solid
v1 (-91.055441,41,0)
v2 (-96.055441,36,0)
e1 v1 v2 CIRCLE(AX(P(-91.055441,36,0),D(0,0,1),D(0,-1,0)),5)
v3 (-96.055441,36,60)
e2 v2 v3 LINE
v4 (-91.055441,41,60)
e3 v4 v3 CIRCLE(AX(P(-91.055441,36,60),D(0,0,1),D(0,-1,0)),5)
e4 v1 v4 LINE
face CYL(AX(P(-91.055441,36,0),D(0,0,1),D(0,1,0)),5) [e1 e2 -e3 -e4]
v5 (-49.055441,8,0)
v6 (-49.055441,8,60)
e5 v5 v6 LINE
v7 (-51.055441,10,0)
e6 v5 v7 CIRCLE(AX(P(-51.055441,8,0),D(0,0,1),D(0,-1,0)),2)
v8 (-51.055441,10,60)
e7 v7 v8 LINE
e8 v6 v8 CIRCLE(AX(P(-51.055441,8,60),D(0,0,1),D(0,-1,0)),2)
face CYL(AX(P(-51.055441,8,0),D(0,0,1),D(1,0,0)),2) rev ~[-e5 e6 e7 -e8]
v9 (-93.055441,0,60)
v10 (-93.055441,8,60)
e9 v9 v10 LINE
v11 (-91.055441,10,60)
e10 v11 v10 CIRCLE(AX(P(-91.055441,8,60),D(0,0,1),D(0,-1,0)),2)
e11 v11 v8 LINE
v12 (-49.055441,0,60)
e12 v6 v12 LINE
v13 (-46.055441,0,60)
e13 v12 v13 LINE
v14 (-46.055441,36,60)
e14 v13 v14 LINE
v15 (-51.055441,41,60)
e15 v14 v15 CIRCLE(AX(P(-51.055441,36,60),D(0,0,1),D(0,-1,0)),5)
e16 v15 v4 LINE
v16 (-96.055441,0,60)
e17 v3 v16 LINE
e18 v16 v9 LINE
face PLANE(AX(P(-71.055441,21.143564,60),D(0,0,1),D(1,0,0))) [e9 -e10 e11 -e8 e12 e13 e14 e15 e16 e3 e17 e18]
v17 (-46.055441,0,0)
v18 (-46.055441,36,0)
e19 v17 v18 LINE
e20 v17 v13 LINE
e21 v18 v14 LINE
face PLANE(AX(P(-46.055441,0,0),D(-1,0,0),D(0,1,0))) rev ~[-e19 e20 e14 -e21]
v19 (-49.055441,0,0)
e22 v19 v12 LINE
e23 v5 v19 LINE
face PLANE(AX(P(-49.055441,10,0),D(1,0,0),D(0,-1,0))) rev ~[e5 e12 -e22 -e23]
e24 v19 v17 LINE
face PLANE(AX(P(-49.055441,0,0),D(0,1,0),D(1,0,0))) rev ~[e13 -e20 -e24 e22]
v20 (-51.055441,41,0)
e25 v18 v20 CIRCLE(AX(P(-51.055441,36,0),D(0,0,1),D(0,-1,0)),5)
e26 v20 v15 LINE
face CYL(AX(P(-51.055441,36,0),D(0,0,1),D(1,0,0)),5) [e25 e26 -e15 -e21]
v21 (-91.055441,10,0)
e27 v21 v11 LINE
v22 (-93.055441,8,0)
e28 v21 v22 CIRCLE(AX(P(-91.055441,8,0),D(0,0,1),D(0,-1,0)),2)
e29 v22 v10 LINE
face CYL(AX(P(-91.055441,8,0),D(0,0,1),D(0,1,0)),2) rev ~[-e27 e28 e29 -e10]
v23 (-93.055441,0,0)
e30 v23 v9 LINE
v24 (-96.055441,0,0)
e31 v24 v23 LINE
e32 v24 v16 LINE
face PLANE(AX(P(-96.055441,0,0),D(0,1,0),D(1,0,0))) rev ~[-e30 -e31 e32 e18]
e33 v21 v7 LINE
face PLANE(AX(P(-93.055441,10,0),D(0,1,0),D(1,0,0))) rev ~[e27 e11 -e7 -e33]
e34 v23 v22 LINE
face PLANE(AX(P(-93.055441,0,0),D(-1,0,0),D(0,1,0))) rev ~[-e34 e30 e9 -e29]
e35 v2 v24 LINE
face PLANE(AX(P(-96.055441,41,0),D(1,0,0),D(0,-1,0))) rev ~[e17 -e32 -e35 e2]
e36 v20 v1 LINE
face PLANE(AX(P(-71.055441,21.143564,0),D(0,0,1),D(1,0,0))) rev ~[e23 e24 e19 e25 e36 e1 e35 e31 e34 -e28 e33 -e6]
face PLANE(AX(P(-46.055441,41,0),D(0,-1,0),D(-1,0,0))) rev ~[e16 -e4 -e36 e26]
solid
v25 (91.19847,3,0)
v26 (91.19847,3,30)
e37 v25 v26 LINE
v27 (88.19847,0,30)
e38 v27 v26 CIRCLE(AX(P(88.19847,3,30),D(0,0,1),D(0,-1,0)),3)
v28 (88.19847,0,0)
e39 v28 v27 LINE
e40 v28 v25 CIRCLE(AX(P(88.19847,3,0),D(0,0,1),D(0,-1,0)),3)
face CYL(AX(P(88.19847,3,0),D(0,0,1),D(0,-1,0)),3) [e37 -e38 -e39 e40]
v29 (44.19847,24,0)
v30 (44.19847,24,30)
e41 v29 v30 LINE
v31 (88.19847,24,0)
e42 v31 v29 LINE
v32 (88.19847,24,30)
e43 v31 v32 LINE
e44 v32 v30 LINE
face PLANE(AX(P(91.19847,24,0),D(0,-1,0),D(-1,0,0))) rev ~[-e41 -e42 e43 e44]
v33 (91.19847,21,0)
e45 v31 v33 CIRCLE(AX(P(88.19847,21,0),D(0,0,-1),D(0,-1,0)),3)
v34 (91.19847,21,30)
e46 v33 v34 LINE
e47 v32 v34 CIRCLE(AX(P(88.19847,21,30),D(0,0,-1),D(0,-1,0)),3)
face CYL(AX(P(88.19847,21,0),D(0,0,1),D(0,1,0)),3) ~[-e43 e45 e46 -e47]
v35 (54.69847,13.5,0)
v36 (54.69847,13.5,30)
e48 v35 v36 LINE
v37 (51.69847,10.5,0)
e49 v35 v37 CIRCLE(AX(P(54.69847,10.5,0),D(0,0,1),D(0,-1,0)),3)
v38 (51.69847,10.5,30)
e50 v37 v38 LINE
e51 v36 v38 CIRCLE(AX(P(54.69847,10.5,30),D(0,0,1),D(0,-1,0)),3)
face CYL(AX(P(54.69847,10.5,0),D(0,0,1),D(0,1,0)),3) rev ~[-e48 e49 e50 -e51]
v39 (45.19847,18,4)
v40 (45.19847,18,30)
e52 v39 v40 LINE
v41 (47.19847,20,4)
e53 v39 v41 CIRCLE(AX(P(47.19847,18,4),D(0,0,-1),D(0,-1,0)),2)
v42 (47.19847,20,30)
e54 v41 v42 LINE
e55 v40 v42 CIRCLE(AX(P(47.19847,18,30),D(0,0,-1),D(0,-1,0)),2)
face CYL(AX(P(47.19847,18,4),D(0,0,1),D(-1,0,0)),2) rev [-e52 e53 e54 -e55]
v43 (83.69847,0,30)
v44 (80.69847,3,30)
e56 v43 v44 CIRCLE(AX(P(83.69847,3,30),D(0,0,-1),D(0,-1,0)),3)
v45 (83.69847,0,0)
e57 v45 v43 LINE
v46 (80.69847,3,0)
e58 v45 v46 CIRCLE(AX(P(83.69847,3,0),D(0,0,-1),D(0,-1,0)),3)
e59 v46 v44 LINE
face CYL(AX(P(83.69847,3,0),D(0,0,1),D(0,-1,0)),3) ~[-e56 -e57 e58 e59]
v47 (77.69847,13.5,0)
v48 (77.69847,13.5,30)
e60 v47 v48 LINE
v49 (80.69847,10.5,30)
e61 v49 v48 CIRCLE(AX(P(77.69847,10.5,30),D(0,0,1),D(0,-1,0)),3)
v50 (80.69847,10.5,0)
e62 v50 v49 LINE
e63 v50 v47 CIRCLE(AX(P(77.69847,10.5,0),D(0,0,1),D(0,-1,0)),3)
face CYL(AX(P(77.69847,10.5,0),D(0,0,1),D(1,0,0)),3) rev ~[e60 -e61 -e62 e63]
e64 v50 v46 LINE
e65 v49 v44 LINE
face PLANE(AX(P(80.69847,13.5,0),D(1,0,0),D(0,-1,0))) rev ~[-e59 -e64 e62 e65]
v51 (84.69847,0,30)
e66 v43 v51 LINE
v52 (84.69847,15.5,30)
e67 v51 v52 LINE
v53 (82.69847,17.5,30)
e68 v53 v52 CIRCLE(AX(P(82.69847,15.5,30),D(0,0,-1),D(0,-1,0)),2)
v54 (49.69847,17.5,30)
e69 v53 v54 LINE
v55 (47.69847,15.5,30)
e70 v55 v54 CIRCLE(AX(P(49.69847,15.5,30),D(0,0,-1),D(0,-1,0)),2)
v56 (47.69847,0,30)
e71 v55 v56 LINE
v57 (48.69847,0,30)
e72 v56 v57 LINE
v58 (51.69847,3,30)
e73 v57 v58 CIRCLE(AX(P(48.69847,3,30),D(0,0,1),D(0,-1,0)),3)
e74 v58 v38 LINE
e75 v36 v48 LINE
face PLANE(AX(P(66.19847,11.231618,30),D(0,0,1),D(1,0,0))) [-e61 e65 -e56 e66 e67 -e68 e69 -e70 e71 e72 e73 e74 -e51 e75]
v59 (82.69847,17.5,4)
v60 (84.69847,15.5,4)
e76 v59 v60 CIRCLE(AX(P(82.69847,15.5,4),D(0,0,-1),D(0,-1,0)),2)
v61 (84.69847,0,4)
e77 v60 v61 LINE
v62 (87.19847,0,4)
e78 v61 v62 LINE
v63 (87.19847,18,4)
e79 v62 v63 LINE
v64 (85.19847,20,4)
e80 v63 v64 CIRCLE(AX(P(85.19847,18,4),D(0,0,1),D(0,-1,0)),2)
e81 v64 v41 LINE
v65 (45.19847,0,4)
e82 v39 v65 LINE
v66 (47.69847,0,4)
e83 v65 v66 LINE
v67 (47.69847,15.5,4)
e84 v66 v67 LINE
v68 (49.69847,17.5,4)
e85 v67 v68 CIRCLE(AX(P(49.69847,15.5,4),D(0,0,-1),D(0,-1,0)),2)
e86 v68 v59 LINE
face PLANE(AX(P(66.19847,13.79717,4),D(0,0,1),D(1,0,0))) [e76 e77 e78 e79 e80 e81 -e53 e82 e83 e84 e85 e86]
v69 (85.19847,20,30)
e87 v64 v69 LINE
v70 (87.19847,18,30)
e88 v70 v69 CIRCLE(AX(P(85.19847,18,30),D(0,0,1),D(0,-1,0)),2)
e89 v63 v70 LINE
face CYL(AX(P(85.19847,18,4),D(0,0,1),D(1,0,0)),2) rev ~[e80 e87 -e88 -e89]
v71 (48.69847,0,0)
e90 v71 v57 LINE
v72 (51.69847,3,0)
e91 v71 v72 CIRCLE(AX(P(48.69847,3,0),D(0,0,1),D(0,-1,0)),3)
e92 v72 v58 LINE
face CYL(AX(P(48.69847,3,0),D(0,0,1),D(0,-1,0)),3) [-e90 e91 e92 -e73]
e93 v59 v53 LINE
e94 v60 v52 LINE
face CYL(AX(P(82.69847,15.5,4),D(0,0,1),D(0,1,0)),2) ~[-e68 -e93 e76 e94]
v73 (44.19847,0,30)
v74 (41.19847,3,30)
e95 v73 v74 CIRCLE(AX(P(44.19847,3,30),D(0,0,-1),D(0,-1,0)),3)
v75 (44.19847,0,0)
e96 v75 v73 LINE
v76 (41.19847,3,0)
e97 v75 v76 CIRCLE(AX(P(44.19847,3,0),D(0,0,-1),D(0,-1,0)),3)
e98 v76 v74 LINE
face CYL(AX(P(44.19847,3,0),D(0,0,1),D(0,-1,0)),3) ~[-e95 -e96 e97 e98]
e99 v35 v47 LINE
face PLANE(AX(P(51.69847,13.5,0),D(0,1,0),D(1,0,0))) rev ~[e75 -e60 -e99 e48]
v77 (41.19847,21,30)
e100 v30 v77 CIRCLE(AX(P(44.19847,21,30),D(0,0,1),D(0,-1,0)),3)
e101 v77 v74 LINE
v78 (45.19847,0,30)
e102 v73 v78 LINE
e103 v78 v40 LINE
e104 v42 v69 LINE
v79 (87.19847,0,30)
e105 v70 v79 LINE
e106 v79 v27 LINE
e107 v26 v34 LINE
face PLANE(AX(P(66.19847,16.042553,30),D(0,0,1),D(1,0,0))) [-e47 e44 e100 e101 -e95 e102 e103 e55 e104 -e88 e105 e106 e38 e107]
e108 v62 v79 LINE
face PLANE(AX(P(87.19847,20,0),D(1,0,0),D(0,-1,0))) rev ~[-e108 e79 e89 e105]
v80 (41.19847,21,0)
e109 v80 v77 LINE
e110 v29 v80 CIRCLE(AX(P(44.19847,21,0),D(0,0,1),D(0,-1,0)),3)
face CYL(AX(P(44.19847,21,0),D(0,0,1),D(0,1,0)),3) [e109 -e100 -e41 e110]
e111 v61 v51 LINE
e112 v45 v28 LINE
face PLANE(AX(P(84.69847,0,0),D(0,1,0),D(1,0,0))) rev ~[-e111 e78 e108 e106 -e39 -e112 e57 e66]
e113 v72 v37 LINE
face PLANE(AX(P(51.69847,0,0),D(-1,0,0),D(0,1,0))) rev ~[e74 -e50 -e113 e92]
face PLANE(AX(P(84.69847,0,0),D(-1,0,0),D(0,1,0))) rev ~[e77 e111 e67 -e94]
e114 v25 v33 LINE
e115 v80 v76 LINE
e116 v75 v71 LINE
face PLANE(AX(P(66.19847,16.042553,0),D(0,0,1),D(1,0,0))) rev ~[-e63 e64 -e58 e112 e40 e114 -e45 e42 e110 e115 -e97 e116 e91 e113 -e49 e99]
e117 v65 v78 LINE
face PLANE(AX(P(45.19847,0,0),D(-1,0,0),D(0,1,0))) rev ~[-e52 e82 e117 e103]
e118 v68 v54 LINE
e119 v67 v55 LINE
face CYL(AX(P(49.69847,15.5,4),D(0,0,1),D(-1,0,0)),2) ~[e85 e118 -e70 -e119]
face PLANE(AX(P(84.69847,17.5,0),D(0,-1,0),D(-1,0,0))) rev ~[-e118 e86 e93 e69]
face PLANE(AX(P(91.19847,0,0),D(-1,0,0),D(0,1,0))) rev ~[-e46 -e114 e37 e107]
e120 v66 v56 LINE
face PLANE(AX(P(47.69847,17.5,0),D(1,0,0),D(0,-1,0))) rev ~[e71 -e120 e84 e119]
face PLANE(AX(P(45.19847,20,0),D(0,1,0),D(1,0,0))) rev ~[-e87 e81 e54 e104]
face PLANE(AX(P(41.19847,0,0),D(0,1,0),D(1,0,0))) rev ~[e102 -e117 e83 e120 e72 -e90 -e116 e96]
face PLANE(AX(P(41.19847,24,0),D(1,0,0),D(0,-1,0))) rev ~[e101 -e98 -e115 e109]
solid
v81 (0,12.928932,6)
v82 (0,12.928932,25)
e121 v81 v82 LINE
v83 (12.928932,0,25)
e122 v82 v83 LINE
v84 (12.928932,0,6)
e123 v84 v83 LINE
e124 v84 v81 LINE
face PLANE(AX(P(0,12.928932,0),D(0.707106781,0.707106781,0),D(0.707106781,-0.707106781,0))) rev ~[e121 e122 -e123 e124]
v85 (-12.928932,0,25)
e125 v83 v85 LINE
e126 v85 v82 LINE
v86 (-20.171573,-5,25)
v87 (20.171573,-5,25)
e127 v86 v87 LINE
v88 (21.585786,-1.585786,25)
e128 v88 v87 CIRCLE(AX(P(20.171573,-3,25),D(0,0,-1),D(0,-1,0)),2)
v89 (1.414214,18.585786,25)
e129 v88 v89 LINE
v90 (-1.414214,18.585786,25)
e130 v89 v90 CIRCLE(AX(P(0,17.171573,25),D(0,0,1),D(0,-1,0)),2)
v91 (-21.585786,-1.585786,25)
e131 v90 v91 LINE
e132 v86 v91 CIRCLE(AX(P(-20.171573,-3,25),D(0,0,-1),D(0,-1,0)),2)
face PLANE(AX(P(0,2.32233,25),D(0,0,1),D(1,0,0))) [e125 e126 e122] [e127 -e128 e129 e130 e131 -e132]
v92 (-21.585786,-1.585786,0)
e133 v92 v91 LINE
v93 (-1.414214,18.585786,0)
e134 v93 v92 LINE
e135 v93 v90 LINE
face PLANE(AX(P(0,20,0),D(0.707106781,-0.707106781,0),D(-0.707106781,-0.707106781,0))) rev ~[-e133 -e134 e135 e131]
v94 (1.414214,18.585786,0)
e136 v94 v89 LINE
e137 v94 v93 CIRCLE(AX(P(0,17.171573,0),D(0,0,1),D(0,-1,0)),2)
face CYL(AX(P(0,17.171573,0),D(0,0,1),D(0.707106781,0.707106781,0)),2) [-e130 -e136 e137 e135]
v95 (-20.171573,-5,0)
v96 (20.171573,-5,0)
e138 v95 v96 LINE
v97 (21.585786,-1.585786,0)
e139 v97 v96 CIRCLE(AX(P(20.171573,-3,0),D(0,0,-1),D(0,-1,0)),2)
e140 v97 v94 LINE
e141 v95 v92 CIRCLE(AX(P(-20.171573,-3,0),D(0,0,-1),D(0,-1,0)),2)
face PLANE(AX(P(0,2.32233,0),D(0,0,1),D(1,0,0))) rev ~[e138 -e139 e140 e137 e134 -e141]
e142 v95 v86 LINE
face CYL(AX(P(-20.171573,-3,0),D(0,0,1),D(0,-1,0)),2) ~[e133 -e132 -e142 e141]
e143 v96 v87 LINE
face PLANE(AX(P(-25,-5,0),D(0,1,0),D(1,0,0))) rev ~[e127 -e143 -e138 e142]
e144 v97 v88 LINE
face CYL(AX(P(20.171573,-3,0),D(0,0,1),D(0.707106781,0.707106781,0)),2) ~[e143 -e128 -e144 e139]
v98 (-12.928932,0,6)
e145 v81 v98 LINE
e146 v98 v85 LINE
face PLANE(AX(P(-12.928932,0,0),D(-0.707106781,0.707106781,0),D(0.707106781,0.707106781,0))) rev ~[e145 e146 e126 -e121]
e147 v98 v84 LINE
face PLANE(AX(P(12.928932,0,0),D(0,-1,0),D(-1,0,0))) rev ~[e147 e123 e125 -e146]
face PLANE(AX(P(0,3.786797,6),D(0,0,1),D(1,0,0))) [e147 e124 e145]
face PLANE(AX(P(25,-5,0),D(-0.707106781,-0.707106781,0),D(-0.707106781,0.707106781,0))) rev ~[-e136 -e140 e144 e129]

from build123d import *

# Parameters (mm, degrees)
F1_DEPTH  = 6
F2_DEPTH  = 25
F3_R      = 2
F5_DEPTH  = 60
F6_R      = 5
F7_R      = 2
F9_DEPTH  = 4
F10_DEPTH = 30
F11_R     = 3
F12_R     = 2


with BuildPart() as f1:
    # F0 (on Top) → F1 (new body)
    with BuildSketch(Plane.XY):
        Polygon((12.928932, 0), (0, 12.928932), (-12.928932, 0), align=None)
    extrude(amount=F1_DEPTH)

    # F0 (on Top) → F2 (join)
    with BuildSketch(Plane.XY):
        Polygon((25, -5), (0, 20), (-25, -5), align=None)
        Polygon((-12.928932, 0), (0, 12.928932), (12.928932, 0), align=None, mode=Mode.SUBTRACT)
    extrude(amount=F2_DEPTH)

    # F3
    f3_edges = [f1.edges().sort_by_distance(p)[0] for p in [
        (-25, -5, 12.5),
        (25, -5, 12.5),
        (0, 20, 12.5),
    ]]
    fillet(f3_edges, radius=F3_R)


with BuildPart() as f5:
    # F4 (on Top) → F5 (new body)
    with BuildSketch(Plane.XY):
        Polygon((-49.055441, 0), (-46.055441, 0), (-46.055441, 41), (-96.055441, 41), (-96.055441, 0), (-93.055441, 0), (-93.055441, 10), (-49.055441, 10), align=None)
    extrude(amount=F5_DEPTH)

    # F6
    f6_edges = [f5.edges().sort_by_distance(p)[0] for p in [
        (-96.055441, 41, 30),
        (-46.055441, 41, 30),
    ]]
    fillet(f6_edges, radius=F6_R)

    # F7
    f7_edges = [f5.edges().sort_by_distance(p)[0] for p in [
        (-93.055441, 10, 30),
        (-49.055441, 10, 30),
    ]]
    fillet(f7_edges, radius=F7_R)


with BuildPart() as f9:
    # F8 (on Top) → F9 (new body)
    with BuildSketch(Plane.XY):
        Polygon((87.19847, 20), (45.19847, 20), (45.19847, 0), (47.69847, 0), (47.69847, 17.5), (84.69847, 17.5), (84.69847, 0), (87.19847, 0), align=None)
    extrude(amount=F9_DEPTH)

    # F8 (on Top) → F10 (join)
    with BuildSketch(Plane.XY):
        Polygon((45.19847, 0), (45.19847, 20), (87.19847, 20), (87.19847, 0), (91.19847, 0), (91.19847, 24), (41.19847, 24), (41.19847, 0), align=None)
        Polygon((47.69847, 17.5), (47.69847, 0), (51.69847, 0), (51.69847, 13.5), (80.69847, 13.5), (80.69847, 0), (84.69847, 0), (84.69847, 17.5), align=None)
    extrude(amount=F10_DEPTH)

    # F11
    f11_edges = [f9.edges().sort_by_distance(p)[0] for p in [
        (91.19847, 24, 15),
        (41.19847, 24, 15),
        (51.69847, 13.5, 15),
        (80.69847, 13.5, 15),
        (41.19847, 0, 15),
        (51.69847, 0, 15),
        (80.69847, 0, 15),
        (91.19847, 0, 15),
    ]]
    fillet(f11_edges, radius=F11_R)

    # F12
    f12_edges = [f9.edges().sort_by_distance(p)[0] for p in [
        (45.19847, 20, 17),
        (47.69847, 17.5, 17),
        (87.19847, 20, 17),
        (84.69847, 17.5, 17),
    ]]
    fillet(f12_edges, radius=F12_R)


solid = Compound([f1.part, f5.part, f9.part])
